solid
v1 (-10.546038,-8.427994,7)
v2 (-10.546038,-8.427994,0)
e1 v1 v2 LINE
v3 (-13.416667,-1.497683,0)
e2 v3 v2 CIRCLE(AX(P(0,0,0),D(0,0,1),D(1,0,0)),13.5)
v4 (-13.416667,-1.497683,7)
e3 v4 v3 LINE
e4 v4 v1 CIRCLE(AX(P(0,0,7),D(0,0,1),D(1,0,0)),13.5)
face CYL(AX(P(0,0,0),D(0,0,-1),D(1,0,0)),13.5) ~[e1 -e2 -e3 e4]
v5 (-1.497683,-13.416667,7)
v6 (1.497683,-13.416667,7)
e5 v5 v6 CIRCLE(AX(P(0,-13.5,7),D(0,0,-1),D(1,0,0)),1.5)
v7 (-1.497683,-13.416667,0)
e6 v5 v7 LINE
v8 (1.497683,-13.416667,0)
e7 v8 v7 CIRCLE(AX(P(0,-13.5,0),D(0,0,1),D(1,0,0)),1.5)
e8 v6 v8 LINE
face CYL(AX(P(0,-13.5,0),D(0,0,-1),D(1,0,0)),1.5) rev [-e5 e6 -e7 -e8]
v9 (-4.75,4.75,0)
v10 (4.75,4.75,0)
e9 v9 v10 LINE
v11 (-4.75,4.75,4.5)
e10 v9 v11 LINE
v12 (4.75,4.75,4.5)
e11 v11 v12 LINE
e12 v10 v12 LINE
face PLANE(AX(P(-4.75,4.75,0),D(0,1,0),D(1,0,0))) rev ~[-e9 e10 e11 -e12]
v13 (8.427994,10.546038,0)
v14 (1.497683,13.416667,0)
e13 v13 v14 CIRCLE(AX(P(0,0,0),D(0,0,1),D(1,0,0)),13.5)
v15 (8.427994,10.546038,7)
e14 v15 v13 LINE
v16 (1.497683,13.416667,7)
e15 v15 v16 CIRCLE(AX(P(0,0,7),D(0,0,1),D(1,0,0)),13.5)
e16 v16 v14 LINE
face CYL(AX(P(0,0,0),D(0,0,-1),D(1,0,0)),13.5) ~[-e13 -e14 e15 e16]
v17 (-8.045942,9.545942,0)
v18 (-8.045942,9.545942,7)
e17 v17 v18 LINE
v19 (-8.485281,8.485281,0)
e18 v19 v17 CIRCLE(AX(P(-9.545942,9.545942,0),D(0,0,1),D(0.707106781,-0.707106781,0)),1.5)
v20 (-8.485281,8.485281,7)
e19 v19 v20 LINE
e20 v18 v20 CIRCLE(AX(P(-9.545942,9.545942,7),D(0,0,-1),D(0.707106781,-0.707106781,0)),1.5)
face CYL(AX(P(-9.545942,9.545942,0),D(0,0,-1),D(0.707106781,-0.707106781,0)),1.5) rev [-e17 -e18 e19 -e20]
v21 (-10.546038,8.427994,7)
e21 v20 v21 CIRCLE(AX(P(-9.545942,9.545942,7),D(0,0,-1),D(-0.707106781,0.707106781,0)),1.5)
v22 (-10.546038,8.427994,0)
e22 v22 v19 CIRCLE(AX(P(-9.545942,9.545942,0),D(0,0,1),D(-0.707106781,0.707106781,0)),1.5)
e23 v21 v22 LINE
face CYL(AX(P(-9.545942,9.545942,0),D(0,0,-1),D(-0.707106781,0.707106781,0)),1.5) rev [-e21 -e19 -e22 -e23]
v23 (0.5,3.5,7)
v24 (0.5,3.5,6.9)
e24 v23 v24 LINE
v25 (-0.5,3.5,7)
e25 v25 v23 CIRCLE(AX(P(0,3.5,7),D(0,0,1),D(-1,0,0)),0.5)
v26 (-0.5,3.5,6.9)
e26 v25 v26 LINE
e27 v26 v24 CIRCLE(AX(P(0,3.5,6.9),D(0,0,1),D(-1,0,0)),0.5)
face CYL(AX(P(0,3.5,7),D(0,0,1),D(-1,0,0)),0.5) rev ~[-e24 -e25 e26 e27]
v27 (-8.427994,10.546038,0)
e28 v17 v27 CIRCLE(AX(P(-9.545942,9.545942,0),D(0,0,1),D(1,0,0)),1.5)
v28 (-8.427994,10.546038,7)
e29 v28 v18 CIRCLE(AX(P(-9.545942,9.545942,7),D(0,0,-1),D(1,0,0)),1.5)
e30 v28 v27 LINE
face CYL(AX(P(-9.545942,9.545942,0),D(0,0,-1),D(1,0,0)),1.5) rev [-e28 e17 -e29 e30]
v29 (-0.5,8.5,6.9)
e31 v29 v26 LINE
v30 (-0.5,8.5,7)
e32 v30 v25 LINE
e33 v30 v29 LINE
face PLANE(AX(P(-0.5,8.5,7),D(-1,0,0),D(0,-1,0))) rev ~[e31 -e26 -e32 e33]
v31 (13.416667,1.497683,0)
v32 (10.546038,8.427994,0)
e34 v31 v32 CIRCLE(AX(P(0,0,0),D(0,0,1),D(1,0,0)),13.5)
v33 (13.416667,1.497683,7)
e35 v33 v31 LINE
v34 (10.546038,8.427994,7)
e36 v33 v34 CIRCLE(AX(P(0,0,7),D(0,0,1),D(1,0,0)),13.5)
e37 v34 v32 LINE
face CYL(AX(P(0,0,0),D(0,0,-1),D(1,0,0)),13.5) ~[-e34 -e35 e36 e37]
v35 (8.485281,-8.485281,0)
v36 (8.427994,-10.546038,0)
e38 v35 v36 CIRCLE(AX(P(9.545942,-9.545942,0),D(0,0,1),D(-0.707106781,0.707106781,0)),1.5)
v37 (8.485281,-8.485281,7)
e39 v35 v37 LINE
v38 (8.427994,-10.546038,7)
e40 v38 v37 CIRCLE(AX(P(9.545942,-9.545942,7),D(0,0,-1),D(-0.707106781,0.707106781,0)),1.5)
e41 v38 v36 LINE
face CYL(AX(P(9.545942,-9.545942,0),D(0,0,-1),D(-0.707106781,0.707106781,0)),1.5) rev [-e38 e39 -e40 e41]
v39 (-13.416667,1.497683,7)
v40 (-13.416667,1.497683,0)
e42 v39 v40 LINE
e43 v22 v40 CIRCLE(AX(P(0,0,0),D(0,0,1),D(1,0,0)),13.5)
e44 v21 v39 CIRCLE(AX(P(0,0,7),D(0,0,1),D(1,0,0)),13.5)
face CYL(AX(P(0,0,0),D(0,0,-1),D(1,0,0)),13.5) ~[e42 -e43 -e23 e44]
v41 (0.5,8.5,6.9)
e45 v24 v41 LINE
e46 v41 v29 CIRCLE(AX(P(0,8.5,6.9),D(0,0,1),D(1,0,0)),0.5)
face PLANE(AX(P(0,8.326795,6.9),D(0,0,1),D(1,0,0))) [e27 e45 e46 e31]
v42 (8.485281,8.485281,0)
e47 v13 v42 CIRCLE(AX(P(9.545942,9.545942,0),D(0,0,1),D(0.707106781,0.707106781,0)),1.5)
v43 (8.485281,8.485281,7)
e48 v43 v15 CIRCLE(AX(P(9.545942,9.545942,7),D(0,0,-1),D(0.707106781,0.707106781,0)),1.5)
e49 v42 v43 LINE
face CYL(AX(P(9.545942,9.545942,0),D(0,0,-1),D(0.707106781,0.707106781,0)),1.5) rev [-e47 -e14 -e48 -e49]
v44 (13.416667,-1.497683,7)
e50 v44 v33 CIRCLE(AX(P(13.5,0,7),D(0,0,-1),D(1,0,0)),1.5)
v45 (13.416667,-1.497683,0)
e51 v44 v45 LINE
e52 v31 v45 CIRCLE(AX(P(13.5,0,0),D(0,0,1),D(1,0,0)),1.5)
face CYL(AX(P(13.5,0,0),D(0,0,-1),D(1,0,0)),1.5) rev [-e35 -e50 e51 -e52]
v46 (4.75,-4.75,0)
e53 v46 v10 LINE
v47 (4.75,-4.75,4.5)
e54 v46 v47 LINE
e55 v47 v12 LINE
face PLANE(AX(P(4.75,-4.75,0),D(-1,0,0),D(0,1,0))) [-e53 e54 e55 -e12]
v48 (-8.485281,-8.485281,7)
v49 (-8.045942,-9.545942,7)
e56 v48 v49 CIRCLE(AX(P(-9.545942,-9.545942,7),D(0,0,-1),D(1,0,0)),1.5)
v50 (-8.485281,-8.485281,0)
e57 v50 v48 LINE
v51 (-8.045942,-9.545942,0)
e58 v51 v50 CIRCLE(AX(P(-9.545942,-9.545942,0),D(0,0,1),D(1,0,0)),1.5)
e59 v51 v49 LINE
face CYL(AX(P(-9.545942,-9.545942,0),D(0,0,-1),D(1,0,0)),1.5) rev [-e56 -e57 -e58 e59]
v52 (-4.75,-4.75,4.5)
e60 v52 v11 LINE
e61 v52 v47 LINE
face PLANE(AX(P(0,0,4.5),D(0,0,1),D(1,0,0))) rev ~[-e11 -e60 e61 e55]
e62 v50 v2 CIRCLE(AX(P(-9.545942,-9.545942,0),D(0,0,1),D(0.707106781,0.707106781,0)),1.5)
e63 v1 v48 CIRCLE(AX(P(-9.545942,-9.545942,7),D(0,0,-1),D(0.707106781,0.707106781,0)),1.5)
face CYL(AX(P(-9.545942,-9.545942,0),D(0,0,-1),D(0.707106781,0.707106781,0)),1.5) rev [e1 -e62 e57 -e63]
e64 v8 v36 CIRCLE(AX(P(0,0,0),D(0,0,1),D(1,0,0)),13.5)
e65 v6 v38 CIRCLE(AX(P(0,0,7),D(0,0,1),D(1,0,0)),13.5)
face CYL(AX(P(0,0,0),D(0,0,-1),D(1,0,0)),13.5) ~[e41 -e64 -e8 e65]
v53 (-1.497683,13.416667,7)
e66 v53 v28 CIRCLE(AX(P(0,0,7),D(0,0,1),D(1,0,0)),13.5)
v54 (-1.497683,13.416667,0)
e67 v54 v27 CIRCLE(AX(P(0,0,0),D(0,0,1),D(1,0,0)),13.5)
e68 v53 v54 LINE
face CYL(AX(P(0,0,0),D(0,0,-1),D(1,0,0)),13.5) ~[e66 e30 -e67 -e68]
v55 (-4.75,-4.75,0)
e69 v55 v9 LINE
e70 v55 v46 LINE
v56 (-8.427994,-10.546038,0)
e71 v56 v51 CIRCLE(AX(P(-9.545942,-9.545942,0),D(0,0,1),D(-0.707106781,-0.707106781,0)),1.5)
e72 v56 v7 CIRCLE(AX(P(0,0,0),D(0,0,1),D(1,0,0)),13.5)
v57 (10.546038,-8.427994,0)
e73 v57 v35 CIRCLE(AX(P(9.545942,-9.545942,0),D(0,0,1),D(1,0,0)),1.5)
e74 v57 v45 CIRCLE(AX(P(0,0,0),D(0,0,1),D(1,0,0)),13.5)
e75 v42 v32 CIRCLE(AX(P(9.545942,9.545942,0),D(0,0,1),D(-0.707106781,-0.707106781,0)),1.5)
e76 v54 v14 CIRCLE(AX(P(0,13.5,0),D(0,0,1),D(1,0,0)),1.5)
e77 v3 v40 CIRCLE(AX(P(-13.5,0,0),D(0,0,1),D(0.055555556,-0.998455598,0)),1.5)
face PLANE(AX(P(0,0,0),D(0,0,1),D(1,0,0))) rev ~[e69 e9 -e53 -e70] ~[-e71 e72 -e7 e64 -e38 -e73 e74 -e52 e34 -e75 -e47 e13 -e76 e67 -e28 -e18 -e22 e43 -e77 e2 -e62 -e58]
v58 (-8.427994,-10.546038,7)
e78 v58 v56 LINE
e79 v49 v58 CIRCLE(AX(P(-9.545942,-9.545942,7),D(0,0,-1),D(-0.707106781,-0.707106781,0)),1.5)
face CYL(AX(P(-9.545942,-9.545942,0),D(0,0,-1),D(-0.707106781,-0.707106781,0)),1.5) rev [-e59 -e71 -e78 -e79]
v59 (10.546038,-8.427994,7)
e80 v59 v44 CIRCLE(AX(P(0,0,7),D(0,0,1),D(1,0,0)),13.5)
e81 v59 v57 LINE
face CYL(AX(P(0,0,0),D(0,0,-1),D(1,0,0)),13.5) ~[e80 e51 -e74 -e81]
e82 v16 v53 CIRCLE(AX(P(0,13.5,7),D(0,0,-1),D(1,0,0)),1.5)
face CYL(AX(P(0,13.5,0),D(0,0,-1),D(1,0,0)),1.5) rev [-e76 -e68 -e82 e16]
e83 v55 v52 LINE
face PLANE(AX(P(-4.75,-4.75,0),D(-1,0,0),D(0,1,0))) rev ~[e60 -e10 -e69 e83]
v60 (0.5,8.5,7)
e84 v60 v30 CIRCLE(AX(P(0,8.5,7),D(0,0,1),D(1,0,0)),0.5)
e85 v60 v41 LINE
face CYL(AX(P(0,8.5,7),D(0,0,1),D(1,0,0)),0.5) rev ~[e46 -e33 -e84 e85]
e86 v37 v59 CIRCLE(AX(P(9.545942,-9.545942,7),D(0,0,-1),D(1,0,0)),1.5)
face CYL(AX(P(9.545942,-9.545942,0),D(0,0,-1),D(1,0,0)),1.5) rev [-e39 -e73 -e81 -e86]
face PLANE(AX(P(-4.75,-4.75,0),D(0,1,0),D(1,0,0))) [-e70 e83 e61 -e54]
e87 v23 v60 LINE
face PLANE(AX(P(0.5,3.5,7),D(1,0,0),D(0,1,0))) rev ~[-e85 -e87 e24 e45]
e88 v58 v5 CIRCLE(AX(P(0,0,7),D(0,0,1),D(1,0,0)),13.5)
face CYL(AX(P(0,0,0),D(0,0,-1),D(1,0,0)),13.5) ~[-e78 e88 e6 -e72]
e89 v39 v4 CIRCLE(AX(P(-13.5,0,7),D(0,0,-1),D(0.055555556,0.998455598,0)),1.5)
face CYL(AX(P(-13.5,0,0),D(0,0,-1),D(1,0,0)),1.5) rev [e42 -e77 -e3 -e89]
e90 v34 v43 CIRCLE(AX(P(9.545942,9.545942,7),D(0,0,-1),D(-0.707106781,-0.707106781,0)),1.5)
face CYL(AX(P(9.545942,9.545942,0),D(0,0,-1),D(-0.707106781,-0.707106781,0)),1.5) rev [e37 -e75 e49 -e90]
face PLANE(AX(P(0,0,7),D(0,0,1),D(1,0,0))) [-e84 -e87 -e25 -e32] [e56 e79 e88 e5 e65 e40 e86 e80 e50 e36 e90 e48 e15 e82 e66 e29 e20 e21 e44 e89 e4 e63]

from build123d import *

# Parameters (mm, degrees)
F0_R     = 13.5
F1_DEPTH = 7
F2_W     = 9.5
F2_H     = 9.5
F3_DEPTH = 4.5
F4_R     = 1.5
F5_DEPTH = 25.4
F8_DEPTH = 0.1


with BuildPart() as f1:
    # F0 (on Top) → F1 (new body)
    with BuildSketch(Plane.XY):
        Circle(F0_R)
    extrude(amount=F1_DEPTH)

    # F2 (on Top) → F3 (cut)
    with BuildSketch(Plane.XY):
        Rectangle(F2_W, F2_H)
    extrude(amount=F3_DEPTH, mode=Mode.SUBTRACT)

    # F4 (on Top) → F5 (cut)
    with BuildSketch(Plane.XY):
        with Locations((13.5, 0)):
            Circle(F4_R)
        with Locations((-13.5, 0)):
            Circle(F4_R)
        with Locations((0, -13.5)):
            Circle(F4_R)
        with Locations((0, 13.5)):
            Circle(F4_R)
        with BuildLine():
            ThreePointArc((-8.045941546, 9.545941546), (-8.9719163975, 10.9317608448), (-10.6066017178, 10.6066017178))
            Line((-10.6066017178, 10.6066017178), (-8.4852813742, 8.4852813742))
            ThreePointArc((-8.4852813742, 8.4852813742), (-8.1601222473, 8.9719163975), (-8.045941546, 9.545941546))
        make_face()
        with BuildLine():
            ThreePointArc((10.6066017178, 10.6066017178), (8.4852813742, 10.6066017178), (8.4852813742, 8.4852813742))
            Line((8.4852813742, 8.4852813742), (10.6066017178, 10.6066017178))
        make_face()
        with BuildLine():
            Line((10.6066017178, 10.6066017178), (8.4852813742, 8.4852813742))
            ThreePointArc((8.4852813742, 8.4852813742), (10.1199666946, 8.1601222473), (11.045941546, 9.545941546))
            ThreePointArc((11.045941546, 9.545941546), (10.9317608448, 10.1199666946), (10.6066017178, 10.6066017178))
        make_face()
        with BuildLine():
            ThreePointArc((11.045941546, -9.545941546), (10.1199666946, -8.1601222473), (8.4852813742, -8.4852813742))
            Line((8.4852813742, -8.4852813742), (10.6066017178, -10.6066017178))
            ThreePointArc((10.6066017178, -10.6066017178), (10.9317608448, -10.1199666946), (11.045941546, -9.545941546))
        make_face()
        with BuildLine():
            Line((10.6066017178, -10.6066017178), (8.4852813742, -8.4852813742))
            ThreePointArc((8.4852813742, -8.4852813742), (8.4852813742, -10.6066017178), (10.6066017178, -10.6066017178))
        make_face()
        with BuildLine():
            ThreePointArc((-8.045941546, -9.545941546), (-8.1601222473, -8.9719163975), (-8.4852813742, -8.4852813742))
            Line((-8.4852813742, -8.4852813742), (-10.6066017178, -10.6066017178))
            ThreePointArc((-10.6066017178, -10.6066017178), (-8.9719163975, -10.9317608448), (-8.045941546, -9.545941546))
        make_face()
        with BuildLine():
            Line((-10.6066017178, -10.6066017178), (-8.4852813742, -8.4852813742))
            ThreePointArc((-8.4852813742, -8.4852813742), (-10.6066017178, -8.4852813742), (-10.6066017178, -10.6066017178))
        make_face()
        with BuildLine():
            Line((-8.4852813742, 8.4852813742), (-10.6066017178, 10.6066017178))
            ThreePointArc((-10.6066017178, 10.6066017178), (-10.6066017178, 8.4852813742), (-8.4852813742, 8.4852813742))
        make_face()
    extrude(amount=F5_DEPTH, mode=Mode.SUBTRACT)

    # F7 (on offset) → F8 (cut)
    with BuildSketch(Plane.XY.offset(7)):
        with BuildLine():
            ThreePointArc((-0.5, 8.5), (0, 8), (0.5, 8.5))
            Line((0.5, 8.5), (-0.5, 8.5))
        make_face()
        with BuildLine():
            Line((-0.5, 8.5), (0.5, 8.5))
            ThreePointArc((0.5, 8.5), (0, 9), (-0.5, 8.5))
        make_face()
        with BuildLine():
            Line((0.5, 3.5), (0.5, 8.5))
            ThreePointArc((0.5, 8.5), (0, 8), (-0.5, 8.5))
            Line((-0.5, 8.5), (-0.5, 3.5))
            ThreePointArc((-0.5, 3.5), (0, 4), (0.5, 3.5))
        make_face()
        with BuildLine():
            ThreePointArc((-0.5, 3.5), (0, 3), (0.5, 3.5))
            Line((0.5, 3.5), (-0.5, 3.5))
        make_face()
        with BuildLine():
            Line((-0.5, 3.5), (0.5, 3.5))
            ThreePointArc((0.5, 3.5), (0, 4), (-0.5, 3.5))
        make_face()
    extrude(amount=-F8_DEPTH, mode=Mode.SUBTRACT)


solid = f1.part
